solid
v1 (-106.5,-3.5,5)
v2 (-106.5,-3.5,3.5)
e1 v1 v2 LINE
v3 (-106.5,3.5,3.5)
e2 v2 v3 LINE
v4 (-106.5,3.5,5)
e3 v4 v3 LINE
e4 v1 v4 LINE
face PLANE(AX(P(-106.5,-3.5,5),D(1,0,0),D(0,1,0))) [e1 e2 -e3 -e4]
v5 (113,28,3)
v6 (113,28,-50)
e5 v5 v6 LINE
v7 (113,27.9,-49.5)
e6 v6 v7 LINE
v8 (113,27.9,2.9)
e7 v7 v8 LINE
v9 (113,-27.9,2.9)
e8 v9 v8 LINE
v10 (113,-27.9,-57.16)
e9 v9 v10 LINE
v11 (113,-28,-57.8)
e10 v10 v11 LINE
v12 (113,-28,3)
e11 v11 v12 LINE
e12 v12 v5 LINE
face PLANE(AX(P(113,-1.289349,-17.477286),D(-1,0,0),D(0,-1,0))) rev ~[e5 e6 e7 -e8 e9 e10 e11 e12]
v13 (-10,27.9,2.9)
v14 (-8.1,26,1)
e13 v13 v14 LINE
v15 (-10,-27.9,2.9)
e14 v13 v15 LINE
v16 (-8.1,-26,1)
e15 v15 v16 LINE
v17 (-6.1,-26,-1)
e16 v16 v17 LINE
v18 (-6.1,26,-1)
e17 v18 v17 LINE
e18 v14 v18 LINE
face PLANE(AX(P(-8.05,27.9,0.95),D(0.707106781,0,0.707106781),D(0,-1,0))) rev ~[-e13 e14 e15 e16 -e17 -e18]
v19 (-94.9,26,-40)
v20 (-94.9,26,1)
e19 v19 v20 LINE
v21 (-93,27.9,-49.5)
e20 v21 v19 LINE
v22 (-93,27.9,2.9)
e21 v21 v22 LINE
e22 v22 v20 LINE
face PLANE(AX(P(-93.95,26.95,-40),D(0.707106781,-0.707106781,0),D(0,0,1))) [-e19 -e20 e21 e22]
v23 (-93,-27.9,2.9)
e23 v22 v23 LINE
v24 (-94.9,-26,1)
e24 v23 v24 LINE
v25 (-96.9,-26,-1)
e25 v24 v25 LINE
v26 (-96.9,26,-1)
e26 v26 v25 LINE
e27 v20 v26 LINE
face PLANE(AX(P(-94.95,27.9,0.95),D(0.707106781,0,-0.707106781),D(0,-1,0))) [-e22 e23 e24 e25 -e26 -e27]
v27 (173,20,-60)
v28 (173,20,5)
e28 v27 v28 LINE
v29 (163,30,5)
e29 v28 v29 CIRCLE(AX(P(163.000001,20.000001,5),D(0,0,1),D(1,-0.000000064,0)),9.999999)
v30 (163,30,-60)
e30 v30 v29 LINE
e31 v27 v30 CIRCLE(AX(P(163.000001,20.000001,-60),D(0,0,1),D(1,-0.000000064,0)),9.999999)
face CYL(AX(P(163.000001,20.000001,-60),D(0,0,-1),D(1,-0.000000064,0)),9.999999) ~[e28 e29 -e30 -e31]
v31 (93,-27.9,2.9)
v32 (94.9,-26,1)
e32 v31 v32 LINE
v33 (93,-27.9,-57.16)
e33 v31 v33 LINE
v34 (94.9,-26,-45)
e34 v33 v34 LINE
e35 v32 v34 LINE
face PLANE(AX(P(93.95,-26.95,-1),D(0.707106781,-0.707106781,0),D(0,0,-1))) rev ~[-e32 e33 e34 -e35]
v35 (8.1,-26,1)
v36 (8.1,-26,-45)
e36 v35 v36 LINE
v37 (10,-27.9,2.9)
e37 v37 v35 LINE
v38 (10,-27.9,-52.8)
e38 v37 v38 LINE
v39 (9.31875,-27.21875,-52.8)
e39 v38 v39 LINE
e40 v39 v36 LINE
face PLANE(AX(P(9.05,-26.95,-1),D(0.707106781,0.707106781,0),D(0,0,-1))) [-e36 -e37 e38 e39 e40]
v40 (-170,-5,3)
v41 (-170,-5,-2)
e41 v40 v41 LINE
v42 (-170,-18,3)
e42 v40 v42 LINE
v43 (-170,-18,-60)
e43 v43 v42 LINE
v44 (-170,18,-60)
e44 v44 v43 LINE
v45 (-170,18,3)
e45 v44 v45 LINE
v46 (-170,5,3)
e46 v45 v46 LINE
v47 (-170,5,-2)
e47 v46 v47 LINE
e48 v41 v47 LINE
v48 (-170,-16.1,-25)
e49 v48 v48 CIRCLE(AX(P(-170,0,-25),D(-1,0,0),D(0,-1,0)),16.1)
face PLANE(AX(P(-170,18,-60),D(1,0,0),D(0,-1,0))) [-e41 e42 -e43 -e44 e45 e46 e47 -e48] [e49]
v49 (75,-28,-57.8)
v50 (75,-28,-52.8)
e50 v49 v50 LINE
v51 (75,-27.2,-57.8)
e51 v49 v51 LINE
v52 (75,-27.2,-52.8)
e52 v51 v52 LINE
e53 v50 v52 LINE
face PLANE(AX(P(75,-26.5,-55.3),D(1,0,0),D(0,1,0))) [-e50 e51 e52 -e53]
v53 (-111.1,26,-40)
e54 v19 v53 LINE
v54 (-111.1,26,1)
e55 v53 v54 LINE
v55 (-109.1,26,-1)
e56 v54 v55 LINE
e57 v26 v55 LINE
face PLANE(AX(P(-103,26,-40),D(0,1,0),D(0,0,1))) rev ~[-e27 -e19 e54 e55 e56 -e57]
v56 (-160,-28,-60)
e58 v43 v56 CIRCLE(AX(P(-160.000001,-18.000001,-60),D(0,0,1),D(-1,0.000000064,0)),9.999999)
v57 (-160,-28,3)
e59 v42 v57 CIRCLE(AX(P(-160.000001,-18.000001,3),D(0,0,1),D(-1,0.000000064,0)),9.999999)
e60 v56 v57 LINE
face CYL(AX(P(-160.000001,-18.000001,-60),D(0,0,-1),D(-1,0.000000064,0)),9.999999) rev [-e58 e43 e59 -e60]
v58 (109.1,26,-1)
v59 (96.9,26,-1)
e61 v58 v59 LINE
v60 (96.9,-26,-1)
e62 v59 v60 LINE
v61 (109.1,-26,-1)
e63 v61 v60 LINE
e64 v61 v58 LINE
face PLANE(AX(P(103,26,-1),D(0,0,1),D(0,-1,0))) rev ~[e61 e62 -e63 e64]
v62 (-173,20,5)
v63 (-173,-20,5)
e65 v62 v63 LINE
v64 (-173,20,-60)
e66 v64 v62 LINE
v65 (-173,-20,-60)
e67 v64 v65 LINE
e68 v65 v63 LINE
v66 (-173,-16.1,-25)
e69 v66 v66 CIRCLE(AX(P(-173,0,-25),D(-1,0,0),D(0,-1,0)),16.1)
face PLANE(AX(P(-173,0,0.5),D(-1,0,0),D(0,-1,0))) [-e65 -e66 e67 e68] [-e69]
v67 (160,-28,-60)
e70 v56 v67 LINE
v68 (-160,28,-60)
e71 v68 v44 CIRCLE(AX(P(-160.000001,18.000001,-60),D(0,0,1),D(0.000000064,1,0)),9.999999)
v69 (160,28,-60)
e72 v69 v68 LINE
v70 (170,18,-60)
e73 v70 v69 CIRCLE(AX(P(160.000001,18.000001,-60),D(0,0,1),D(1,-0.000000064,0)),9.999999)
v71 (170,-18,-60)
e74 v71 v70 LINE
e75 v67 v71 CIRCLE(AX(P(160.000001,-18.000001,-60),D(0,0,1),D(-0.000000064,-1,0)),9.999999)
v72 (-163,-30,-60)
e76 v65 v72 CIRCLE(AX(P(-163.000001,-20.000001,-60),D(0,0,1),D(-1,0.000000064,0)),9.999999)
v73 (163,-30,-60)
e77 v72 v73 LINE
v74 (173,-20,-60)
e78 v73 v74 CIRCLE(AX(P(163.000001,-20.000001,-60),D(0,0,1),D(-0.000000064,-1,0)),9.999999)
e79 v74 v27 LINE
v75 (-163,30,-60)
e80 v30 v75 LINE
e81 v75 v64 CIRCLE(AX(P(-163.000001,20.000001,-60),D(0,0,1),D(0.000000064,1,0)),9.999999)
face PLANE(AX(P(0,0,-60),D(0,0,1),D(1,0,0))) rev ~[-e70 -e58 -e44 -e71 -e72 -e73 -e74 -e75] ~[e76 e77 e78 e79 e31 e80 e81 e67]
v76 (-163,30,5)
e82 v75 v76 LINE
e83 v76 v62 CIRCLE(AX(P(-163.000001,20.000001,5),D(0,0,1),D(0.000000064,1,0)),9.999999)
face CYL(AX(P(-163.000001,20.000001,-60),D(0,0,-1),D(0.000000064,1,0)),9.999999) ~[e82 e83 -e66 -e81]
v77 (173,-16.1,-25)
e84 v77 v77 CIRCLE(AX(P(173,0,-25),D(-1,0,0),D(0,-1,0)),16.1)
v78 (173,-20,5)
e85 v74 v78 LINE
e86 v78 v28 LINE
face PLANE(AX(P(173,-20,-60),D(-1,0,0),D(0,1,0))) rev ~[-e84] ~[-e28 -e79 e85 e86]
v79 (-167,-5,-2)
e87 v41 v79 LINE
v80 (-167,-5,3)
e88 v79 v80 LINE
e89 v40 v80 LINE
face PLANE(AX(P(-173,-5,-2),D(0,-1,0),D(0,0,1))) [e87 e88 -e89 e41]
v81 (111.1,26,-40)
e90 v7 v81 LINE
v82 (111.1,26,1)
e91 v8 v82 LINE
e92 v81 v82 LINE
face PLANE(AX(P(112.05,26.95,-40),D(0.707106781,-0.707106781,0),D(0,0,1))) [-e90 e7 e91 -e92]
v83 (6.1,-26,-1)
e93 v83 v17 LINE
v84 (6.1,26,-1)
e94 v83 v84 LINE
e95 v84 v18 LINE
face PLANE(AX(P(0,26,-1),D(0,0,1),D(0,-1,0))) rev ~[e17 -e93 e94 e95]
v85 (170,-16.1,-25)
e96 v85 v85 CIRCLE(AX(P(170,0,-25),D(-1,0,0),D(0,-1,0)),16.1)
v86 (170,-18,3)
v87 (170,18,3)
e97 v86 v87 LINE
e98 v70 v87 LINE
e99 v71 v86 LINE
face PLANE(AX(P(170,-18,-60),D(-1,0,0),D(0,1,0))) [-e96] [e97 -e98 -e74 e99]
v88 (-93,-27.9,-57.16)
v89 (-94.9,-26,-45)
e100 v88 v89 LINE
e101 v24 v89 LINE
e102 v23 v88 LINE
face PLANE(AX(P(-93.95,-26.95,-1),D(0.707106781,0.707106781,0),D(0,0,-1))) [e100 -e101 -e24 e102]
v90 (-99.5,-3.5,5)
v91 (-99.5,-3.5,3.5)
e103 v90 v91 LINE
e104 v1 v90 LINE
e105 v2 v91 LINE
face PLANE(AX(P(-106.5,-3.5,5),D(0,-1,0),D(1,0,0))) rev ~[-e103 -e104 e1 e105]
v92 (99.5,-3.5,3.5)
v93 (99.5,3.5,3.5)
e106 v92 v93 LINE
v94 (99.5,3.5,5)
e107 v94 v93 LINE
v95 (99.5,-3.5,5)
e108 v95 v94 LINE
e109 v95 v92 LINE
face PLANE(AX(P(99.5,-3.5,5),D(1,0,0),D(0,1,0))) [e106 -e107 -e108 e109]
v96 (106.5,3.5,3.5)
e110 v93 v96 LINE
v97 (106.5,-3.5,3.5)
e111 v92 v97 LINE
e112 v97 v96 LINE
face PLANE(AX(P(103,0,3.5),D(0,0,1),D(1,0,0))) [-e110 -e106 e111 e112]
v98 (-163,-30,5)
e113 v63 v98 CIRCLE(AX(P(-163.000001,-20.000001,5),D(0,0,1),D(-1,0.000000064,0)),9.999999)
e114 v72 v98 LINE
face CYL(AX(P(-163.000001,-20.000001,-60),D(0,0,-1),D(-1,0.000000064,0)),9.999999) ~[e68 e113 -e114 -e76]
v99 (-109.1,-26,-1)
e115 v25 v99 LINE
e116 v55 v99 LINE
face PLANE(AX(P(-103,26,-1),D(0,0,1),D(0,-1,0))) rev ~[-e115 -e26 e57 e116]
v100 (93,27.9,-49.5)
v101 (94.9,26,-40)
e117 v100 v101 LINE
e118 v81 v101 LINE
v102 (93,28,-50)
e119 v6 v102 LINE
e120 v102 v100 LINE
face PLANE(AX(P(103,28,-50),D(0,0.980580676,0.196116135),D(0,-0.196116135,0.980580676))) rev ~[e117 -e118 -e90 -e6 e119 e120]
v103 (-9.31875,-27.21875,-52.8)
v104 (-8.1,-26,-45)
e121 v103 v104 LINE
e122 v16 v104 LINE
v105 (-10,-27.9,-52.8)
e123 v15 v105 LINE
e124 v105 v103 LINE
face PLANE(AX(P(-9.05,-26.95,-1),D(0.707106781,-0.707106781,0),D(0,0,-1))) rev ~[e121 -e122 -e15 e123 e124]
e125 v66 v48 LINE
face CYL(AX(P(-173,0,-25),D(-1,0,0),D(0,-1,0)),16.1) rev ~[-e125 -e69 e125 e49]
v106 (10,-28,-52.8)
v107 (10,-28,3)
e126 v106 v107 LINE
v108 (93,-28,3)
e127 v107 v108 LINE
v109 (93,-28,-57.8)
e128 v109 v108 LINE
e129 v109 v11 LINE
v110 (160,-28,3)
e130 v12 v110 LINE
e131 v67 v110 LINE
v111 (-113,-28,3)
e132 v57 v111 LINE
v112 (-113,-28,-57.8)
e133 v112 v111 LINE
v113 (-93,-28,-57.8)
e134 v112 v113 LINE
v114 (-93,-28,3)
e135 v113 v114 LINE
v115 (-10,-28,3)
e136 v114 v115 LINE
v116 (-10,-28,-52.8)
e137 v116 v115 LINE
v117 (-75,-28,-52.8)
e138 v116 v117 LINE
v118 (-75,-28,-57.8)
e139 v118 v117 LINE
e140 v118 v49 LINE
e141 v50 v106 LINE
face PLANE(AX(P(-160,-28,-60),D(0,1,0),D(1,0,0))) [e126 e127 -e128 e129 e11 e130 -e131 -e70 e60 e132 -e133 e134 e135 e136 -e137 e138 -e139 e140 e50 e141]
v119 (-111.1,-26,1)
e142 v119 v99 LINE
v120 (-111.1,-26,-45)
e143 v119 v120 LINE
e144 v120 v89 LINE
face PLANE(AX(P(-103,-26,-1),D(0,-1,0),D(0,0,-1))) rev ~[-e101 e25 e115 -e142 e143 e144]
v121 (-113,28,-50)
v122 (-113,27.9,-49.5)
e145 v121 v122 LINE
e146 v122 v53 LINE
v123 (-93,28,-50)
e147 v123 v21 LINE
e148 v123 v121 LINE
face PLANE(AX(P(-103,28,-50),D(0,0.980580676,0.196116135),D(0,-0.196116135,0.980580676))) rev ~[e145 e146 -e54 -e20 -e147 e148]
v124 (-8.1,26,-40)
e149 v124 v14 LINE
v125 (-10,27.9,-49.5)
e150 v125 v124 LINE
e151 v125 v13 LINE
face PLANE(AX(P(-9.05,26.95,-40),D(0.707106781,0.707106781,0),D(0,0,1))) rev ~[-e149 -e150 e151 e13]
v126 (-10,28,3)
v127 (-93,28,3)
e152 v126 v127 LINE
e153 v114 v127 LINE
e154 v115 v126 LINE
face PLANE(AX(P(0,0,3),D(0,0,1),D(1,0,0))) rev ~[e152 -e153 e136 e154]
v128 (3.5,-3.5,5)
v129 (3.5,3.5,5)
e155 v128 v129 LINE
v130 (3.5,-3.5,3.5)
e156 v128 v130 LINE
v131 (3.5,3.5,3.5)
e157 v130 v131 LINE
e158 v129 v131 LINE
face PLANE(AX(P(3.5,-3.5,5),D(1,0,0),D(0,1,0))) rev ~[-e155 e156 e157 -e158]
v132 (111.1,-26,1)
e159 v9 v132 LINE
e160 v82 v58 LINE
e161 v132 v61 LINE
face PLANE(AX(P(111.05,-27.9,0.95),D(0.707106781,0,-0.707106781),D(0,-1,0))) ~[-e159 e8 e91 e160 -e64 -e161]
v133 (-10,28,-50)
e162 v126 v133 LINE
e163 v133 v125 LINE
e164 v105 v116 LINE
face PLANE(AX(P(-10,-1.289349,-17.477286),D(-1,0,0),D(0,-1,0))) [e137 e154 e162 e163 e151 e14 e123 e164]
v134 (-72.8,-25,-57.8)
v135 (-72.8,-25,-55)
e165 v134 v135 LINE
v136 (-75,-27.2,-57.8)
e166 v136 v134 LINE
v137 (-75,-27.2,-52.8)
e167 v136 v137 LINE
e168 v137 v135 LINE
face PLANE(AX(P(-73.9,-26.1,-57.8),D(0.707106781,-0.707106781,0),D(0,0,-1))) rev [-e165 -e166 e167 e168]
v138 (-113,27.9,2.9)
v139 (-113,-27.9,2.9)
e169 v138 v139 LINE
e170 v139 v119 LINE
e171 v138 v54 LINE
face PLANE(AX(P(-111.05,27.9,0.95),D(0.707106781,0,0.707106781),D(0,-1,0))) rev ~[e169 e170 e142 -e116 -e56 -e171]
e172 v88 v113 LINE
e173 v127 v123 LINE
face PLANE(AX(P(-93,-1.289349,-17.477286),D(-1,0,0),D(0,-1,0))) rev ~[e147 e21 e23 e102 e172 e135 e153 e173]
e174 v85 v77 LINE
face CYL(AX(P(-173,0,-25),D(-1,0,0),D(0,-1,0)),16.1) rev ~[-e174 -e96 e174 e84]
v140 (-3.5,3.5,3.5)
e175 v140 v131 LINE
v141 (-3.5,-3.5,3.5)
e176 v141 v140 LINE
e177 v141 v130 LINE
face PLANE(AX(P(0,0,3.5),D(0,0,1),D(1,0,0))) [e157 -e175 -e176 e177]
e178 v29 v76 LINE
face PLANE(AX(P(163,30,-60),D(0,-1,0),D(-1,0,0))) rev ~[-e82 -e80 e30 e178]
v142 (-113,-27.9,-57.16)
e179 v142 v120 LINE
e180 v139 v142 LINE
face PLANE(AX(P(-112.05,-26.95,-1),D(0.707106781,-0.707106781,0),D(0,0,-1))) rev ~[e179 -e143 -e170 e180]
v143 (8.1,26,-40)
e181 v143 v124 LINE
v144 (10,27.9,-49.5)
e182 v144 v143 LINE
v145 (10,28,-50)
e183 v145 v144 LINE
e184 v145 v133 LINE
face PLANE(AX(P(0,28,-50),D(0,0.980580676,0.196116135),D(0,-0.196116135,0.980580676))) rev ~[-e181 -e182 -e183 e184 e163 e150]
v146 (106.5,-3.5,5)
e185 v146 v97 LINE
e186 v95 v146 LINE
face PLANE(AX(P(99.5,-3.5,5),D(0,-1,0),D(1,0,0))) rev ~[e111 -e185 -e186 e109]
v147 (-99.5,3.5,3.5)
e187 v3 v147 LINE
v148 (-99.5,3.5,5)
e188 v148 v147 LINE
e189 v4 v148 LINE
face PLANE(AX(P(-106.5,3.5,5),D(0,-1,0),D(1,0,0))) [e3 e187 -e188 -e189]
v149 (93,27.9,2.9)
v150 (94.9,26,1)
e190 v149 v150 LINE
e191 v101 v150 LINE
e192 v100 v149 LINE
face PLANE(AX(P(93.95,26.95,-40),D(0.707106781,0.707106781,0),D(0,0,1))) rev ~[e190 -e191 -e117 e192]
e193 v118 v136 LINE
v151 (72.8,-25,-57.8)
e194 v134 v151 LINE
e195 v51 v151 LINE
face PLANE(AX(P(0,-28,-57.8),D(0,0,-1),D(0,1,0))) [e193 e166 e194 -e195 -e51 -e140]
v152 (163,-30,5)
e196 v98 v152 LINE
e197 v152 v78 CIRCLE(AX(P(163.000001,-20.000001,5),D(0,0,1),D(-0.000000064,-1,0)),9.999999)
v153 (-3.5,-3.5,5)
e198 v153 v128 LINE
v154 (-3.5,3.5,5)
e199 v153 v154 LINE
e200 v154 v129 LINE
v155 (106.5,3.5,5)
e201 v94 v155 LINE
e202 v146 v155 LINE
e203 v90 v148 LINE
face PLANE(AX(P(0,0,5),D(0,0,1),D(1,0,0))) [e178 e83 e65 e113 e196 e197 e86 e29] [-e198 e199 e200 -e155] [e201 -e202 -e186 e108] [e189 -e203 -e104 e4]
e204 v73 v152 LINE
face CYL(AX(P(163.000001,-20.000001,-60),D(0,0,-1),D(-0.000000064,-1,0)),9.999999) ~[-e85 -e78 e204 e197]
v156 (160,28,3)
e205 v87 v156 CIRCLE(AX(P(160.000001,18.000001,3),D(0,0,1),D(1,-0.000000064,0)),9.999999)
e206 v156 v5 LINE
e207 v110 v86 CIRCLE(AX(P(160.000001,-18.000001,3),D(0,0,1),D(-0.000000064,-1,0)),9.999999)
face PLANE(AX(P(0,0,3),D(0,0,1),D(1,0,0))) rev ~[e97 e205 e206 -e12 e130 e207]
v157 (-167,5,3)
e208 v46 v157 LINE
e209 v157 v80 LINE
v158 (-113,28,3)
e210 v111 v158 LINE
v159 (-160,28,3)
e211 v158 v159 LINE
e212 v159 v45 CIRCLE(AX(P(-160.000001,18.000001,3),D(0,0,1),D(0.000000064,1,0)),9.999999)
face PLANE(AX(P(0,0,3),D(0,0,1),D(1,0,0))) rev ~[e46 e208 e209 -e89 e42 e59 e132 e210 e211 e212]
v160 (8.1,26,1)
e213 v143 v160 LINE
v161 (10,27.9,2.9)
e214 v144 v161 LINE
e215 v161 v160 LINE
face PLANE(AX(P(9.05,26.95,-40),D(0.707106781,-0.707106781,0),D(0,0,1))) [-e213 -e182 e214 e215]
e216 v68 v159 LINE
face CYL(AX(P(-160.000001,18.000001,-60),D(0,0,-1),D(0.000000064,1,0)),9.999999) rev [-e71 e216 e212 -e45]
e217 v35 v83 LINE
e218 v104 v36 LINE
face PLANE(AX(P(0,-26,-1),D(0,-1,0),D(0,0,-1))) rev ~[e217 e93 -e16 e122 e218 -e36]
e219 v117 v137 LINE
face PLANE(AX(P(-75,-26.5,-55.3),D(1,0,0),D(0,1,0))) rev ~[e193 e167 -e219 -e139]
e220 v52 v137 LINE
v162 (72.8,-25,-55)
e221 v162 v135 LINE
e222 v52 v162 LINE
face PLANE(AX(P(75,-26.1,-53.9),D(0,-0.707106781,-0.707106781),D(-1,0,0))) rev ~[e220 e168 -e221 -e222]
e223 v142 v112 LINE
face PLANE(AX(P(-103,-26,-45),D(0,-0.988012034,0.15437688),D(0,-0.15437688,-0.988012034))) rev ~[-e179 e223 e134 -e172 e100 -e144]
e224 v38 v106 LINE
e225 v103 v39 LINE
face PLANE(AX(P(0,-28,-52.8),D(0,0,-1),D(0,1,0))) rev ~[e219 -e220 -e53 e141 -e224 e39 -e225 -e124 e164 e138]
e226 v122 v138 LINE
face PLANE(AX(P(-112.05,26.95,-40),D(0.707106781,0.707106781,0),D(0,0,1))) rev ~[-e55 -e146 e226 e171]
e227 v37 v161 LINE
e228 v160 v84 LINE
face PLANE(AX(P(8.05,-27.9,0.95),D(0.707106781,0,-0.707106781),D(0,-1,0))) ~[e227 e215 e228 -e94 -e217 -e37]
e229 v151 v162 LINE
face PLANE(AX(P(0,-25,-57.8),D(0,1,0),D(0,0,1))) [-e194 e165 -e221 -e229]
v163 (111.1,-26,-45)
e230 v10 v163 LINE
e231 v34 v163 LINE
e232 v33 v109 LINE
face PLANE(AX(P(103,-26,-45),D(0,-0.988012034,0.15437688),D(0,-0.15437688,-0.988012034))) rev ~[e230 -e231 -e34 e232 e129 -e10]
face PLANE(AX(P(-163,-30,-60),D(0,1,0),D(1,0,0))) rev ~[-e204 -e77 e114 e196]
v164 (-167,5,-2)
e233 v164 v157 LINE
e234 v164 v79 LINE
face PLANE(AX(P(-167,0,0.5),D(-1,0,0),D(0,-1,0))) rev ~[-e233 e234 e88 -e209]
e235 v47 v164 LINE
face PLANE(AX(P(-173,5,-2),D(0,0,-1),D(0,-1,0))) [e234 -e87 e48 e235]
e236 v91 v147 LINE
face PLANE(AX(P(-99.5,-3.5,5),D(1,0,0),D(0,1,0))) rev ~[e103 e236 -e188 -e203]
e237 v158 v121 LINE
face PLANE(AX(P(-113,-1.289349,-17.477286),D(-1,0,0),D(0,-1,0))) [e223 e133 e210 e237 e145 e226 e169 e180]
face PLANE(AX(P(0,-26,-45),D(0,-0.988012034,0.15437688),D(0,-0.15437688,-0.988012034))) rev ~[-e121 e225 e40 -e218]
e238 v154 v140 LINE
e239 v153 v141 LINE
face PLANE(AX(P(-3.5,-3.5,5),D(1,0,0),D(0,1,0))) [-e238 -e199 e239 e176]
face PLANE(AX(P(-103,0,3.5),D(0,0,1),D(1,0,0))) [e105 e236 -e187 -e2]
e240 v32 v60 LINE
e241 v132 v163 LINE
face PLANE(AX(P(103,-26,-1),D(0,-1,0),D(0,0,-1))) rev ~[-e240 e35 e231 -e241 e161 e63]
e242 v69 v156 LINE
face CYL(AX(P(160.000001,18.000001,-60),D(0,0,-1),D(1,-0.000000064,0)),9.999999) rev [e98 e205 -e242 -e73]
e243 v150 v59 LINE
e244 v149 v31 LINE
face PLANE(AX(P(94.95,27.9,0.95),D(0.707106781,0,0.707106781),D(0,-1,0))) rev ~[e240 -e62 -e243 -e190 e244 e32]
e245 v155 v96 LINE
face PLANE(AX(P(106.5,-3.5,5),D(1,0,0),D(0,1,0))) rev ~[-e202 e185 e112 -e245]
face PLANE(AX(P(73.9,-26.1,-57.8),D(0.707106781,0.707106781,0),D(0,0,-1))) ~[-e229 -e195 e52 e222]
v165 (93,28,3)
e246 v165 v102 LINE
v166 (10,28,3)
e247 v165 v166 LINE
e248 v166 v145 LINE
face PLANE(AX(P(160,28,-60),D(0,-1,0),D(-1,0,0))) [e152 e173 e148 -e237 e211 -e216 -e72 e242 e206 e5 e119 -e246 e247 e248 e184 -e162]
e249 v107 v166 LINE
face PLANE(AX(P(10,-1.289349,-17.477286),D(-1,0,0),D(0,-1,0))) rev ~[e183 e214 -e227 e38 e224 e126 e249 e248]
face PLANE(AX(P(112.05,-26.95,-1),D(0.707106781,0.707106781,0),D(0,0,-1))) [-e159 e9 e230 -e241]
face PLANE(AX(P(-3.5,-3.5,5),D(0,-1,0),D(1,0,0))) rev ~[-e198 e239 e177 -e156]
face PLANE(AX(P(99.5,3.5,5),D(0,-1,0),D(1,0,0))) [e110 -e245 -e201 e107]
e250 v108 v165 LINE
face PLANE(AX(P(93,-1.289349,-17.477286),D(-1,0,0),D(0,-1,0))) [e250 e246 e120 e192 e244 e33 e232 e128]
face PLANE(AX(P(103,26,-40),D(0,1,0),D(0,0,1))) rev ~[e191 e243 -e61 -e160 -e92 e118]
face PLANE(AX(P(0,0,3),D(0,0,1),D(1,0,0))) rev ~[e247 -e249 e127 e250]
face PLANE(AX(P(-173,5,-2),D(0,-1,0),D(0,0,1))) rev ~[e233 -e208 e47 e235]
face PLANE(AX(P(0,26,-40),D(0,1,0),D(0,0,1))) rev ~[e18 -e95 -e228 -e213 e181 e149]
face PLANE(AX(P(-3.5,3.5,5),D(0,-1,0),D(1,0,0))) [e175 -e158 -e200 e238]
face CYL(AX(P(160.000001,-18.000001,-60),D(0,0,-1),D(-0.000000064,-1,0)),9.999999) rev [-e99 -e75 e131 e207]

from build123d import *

# Parameters (mm, degrees)
PAD006_DEPTH           = 65
POCKET_DEPTH           = 63
SKETCH009_R            = 16.1
POCKET005_DEPTH        = 346.001
PAD009_DEPTH           = 10
LINEARPATTERN_COUNT    = 2
LINEARPATTERN_PITCH    = 103
LINEARPATTERN001_COUNT = 2
LINEARPATTERN001_PITCH = 103
SKETCH016_W            = 3
SKETCH016_H            = 5
PAD010_DEPTH           = 75
SKETCH020_W            = 10
SKETCH020_H            = 5
PAD011_DEPTH           = 6
CHAMFER001_SIZE        = 1.9
SKETCH021_W            = 7
SKETCH021_H            = 7
POCKET007_DEPTH        = 1.5
LINEARPATTERN002_COUNT = 2
LINEARPATTERN002_PITCH = 103
LINEARPATTERN003_COUNT = 2
LINEARPATTERN003_PITCH = 103
CHAMFER003_SIZE        = 2.2
CHAMFER008_SIZE        = 3.9


with BuildPart() as part:
    # Sketch007 → Pad006 (new body)
    with BuildSketch(Plane.XY):
        with BuildLine():
            Line((-173, 20), (-173, -20))
            ThreePointArc((-173, -20), (-170.071068, -27.071068), (-163, -30))
            Line((-163, -30), (163, -30))
            ThreePointArc((163, -30), (170.071068, -27.071068), (173, -20))
            Line((173, -20), (173, 20))
            ThreePointArc((173, 20), (170.071068, 27.071068), (163, 30))
            Line((163, 30), (-163, 30))
            ThreePointArc((-163, 30), (-170.071068, 27.071068), (-173, 20))
        make_face()
    extrude(amount=PAD006_DEPTH)

    # Sketch008 → Pocket (cut)
    with BuildSketch(Plane.XY):
        with BuildLine():
            Line((-170, 18), (-170, -18))
            ThreePointArc((-170, -18), (-167.071068, -25.071068), (-160, -28))
            Line((-160, -28), (160, -28))
            ThreePointArc((160, -28), (167.071068, -25.071068), (170, -18))
            Line((170, -18), (170, 18))
            ThreePointArc((170, 18), (167.071068, 25.071068), (160, 28))
            Line((160, 28), (-160, 28))
            ThreePointArc((-160, 28), (-167.071068, 25.071068), (-170, 18))
        make_face()
    extrude(amount=POCKET_DEPTH, mode=Mode.SUBTRACT)

    # Sketch009 → Pocket005 (cut, through all)
    with BuildSketch(Plane(origin=(-173, 0, 0), x_dir=(0, -1, 0), z_dir=(-1, 0, 0))):
        with Locations((0, 35)):
            Circle(SKETCH009_R)
    extrude(amount=-POCKET005_DEPTH, mode=Mode.SUBTRACT)

    # Sketch017 → Pad009 (join, symmetric)
    with BuildSketch(Plane.YZ):
        Polygon((-28, 63), (28, 63), (28, 10), (26, 20), (26, 59), (-26, 59), (-26, 15), (-28, 2.2), align=None)
    pad009 = extrude(amount=PAD009_DEPTH, both=True)

    # LinearPattern: Pad009 ×2
    with Locations(*[(-i * LINEARPATTERN_PITCH, 0, 0) for i in range(1, LINEARPATTERN_COUNT)]):
        add(pad009)

    # LinearPattern001: Pad009 ×2
    with Locations(*[(i * LINEARPATTERN001_PITCH, 0, 0) for i in range(1, LINEARPATTERN001_COUNT)]):
        add(pad009)

    # Sketch016 → Pad010 (join, symmetric)
    with BuildSketch(Plane.YZ):
        with Locations((-26.5, 4.7)):
            Rectangle(SKETCH016_W, SKETCH016_H)
    extrude(amount=PAD010_DEPTH, both=True)

    # Sketch020 (on Face1 of Pad010) → Pad011 (join)
    with BuildSketch(Plane(origin=(-173, 0, 0), x_dir=(0, -1, 0), z_dir=(-1, 0, 0))):
        with Locations((0, 60.5)):
            Rectangle(SKETCH020_W, SKETCH020_H)
    extrude(amount=-PAD011_DEPTH)

    # Chamfer001
    chamfer001_edges = [part.edges().sort_by_distance(p)[0] for p in [
        (113, -26, 37),
        (113, 26, 39.5),
        (10, 26, 39.5),
        (10, -26, 37),
        (-93, -26, 37),
        (-93, 26, 39.5),
        (-113, 26, 39.5),
        (-113, -26, 37),
        (-10, -26, 37),
        (-10, 26, 39.5),
        (93, 26, 39.5),
        (93, -26, 37),
    ]]
    chamfer(chamfer001_edges, length=CHAMFER001_SIZE)

    # Sketch021 → Pocket007 (cut)
    with BuildSketch(Plane.XY.offset(65)):
        Rectangle(SKETCH021_W, SKETCH021_H)
    pocket007 = extrude(amount=-POCKET007_DEPTH, mode=Mode.SUBTRACT)

    # LinearPattern002: Pocket007 ×2
    with Locations(*[(i * LINEARPATTERN002_PITCH, 0, 0) for i in range(1, LINEARPATTERN002_COUNT)]):
        add(pocket007, mode=Mode.SUBTRACT)

    # LinearPattern003: Pocket007 ×2
    with Locations(*[(-i * LINEARPATTERN003_PITCH, 0, 0) for i in range(1, LINEARPATTERN003_COUNT)]):
        add(pocket007, mode=Mode.SUBTRACT)

    # Chamfer003
    chamfer003_edges = [part.edges().sort_by_distance(p)[0] for p in [
        (75, -25, 4.7),
        (0, -25, 7.2),
        (-75, -25, 4.7),
    ]]
    chamfer(chamfer003_edges, length=CHAMFER003_SIZE)

    # Chamfer008
    chamfer008_edges = [part.edges().sort_by_distance(p)[0] for p in [
        (113, 0, 59),
        (93, 0, 59),
        (10, 0, 59),
        (-10, 0, 59),
        (-93, 0, 59),
        (-113, 0, 59),
    ]]
    chamfer(chamfer008_edges, length=CHAMFER008_SIZE)


with BuildPart() as part_1:
    # Body002 placement: moved
    add(part.part.moved(Location((0, 0, -60))))


solid = part_1.part
